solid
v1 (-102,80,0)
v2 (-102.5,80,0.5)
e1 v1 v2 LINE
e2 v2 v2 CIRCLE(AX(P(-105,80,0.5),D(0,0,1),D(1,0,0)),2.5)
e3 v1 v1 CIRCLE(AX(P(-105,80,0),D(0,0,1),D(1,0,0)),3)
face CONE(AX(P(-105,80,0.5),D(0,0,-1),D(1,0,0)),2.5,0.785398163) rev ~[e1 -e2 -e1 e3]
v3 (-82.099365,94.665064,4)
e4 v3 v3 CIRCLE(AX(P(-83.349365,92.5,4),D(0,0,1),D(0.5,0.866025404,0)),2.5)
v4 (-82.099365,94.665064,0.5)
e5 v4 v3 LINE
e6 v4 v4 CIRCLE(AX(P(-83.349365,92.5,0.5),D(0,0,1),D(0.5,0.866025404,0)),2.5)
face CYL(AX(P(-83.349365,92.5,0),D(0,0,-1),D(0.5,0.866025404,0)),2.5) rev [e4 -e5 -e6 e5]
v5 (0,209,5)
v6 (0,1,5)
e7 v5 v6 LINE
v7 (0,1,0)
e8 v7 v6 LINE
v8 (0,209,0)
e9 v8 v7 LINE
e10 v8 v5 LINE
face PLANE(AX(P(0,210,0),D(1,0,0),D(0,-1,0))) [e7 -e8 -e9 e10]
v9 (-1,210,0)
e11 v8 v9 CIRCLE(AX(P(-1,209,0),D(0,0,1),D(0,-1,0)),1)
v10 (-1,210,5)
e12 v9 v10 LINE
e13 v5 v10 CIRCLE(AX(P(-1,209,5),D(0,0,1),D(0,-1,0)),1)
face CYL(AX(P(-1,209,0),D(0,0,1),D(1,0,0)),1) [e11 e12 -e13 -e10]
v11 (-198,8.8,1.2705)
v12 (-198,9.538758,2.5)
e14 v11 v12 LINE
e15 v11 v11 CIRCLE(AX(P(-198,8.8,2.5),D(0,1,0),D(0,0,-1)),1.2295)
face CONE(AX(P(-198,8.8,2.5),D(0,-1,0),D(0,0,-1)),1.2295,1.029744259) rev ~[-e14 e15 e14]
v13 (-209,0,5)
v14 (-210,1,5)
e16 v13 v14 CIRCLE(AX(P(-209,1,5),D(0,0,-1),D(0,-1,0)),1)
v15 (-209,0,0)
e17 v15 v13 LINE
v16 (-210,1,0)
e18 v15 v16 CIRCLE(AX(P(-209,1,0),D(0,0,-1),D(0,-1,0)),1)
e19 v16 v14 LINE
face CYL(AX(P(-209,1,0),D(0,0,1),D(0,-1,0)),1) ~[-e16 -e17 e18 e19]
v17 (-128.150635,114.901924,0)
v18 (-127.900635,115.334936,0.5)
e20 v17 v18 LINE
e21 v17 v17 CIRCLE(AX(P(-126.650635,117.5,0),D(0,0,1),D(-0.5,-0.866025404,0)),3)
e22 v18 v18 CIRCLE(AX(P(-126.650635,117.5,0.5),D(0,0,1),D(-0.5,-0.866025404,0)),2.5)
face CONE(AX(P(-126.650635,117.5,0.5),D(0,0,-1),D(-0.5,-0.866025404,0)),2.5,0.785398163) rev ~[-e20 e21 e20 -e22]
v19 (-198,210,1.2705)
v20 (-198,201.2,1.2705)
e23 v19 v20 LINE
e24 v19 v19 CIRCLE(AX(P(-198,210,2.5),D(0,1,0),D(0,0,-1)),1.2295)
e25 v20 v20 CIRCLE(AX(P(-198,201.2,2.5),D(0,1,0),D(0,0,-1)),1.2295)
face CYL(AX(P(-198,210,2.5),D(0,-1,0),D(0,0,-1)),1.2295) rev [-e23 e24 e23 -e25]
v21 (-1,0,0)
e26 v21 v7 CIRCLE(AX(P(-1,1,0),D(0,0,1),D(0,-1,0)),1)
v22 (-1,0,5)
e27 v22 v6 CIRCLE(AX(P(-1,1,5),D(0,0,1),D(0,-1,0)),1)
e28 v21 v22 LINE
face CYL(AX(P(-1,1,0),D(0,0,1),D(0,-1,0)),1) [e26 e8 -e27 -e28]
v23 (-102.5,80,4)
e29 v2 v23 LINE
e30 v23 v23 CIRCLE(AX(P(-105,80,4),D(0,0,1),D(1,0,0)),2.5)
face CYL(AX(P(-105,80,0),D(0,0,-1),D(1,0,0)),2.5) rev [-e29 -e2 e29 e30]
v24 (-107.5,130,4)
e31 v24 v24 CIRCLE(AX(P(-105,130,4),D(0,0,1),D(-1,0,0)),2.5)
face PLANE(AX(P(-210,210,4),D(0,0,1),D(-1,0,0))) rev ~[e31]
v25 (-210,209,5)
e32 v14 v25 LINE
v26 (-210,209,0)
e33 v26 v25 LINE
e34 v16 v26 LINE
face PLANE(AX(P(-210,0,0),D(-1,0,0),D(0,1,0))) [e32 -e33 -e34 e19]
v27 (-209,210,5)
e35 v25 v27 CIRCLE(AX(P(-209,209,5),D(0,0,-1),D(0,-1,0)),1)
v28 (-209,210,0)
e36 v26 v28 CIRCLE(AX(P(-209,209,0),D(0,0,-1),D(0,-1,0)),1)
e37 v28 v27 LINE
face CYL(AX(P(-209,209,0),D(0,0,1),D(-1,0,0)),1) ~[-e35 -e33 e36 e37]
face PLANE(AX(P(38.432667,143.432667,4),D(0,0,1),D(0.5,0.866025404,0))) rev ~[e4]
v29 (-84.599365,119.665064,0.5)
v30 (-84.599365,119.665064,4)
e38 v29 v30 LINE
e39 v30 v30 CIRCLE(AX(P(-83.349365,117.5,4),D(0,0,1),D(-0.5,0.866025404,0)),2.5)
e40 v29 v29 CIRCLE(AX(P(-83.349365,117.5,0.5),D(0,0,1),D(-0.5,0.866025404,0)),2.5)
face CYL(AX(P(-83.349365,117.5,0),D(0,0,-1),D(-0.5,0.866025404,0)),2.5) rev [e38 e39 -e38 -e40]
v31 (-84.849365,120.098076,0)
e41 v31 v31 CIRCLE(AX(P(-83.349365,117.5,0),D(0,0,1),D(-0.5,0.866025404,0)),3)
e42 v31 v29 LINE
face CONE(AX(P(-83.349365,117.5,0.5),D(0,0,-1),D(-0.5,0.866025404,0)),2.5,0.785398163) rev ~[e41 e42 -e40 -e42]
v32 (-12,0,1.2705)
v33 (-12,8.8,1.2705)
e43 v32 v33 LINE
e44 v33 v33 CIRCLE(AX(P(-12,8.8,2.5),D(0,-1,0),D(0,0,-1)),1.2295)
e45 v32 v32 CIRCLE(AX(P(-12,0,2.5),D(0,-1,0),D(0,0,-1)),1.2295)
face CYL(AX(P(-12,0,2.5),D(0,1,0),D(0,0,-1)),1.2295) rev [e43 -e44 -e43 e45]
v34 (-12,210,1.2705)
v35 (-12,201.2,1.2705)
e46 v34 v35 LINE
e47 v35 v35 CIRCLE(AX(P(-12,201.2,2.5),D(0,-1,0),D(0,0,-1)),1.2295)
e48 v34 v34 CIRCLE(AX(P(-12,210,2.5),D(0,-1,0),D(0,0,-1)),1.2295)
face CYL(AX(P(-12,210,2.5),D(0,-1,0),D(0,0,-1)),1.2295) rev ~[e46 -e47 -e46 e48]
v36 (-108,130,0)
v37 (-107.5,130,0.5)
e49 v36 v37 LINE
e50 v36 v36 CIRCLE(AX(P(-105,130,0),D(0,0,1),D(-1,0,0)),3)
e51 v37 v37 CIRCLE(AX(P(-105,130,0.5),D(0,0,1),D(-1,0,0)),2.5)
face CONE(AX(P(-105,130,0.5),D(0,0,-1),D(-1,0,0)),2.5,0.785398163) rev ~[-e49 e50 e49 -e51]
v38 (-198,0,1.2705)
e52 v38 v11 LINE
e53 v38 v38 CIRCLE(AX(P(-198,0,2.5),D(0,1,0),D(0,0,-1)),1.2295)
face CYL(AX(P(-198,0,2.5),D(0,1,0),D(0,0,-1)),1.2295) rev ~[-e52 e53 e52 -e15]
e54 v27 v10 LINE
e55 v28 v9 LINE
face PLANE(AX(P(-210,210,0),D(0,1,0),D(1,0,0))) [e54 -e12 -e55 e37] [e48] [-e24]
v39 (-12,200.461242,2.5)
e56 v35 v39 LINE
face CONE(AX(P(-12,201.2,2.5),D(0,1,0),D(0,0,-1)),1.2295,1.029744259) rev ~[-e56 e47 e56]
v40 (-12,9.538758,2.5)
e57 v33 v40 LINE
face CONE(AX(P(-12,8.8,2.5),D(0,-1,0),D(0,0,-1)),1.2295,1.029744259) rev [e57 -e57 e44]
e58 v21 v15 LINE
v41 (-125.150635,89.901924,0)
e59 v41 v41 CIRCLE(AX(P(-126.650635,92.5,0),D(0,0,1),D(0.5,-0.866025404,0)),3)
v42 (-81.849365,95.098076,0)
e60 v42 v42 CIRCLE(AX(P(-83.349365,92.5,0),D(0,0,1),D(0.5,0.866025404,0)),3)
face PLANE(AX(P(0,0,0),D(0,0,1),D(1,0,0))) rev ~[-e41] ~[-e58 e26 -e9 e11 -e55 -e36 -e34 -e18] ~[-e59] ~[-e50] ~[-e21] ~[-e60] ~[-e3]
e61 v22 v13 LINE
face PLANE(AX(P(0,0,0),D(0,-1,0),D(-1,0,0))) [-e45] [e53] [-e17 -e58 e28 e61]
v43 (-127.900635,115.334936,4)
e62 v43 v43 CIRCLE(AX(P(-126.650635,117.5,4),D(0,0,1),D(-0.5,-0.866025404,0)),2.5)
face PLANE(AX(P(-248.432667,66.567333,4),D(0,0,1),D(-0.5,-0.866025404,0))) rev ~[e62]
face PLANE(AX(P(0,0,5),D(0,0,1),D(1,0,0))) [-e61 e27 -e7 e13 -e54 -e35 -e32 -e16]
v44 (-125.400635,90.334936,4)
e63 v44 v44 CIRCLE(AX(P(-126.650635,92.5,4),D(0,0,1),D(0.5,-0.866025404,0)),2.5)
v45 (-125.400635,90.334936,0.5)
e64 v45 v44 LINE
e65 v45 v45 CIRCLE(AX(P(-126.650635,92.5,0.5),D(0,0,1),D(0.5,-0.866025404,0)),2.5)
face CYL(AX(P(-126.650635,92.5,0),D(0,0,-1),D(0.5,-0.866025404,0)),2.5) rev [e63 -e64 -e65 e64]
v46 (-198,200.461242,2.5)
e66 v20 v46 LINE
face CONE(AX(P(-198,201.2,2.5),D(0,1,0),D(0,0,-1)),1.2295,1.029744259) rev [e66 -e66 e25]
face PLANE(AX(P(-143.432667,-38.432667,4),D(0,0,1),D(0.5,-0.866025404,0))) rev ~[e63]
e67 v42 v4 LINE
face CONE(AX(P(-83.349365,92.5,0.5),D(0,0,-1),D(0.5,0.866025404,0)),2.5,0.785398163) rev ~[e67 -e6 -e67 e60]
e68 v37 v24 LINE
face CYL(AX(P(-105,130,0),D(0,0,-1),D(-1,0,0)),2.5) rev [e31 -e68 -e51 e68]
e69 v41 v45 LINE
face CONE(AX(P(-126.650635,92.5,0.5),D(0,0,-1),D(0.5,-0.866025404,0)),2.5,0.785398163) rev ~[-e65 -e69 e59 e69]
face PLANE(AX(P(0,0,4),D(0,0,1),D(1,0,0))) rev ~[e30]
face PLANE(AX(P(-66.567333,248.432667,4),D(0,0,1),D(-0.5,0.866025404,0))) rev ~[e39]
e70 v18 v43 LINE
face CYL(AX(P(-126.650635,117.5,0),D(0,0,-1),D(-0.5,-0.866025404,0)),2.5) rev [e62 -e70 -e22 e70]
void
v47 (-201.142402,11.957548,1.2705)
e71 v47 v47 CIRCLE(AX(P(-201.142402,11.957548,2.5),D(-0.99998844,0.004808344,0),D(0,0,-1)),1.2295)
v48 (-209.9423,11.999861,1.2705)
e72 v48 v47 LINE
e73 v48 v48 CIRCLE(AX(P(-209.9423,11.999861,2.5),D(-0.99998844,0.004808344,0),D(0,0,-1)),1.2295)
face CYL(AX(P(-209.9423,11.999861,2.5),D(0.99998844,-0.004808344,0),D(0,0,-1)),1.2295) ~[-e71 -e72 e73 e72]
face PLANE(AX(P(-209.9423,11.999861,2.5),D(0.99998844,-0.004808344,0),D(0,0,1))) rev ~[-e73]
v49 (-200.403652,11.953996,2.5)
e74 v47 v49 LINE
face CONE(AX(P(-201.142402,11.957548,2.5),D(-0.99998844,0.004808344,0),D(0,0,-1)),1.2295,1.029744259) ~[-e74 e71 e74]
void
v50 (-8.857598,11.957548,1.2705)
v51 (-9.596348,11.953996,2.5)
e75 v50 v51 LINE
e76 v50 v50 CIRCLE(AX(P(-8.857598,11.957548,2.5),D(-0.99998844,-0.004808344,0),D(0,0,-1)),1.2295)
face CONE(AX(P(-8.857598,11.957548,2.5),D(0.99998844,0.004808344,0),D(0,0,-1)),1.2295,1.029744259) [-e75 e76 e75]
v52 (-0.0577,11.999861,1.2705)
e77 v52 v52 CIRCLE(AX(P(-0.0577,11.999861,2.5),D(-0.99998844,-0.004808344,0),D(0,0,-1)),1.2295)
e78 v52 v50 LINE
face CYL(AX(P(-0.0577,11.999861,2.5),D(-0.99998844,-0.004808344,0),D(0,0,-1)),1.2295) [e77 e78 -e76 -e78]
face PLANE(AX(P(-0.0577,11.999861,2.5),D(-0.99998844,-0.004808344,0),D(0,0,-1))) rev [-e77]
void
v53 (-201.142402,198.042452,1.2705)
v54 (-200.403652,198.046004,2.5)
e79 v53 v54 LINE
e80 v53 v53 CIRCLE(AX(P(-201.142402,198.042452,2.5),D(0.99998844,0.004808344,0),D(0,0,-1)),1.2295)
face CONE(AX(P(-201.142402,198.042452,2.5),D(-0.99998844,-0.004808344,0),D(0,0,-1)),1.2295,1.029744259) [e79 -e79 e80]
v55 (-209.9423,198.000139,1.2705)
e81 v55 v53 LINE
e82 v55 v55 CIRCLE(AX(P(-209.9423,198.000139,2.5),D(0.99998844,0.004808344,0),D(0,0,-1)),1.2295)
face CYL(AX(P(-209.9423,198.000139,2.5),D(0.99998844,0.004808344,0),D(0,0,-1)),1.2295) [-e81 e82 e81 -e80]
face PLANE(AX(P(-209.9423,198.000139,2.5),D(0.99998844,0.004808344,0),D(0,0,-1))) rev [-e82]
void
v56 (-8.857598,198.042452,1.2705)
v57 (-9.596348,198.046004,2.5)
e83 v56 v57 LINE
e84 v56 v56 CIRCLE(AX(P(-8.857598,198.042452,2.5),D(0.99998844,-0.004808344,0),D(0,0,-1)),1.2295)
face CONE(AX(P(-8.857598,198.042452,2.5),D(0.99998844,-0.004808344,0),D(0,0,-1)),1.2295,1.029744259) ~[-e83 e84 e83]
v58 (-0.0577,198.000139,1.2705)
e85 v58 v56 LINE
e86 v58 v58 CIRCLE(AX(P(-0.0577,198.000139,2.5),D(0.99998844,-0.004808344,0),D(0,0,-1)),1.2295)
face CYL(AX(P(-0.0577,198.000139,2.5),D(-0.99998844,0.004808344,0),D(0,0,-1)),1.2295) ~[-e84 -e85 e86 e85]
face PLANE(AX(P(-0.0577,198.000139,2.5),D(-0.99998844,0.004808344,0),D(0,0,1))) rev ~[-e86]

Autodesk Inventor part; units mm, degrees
sketch "Skizze3" plane through (0, 0, 0) normal (0, 0, 1) x (1, 0, 0)
  line L0 (0, 0) -> (-210, 0)
  line L1 (-210, 0) -> (-210, 210)
  line L2 (-210, 210) -> (0, 210)
  line L3 (0, 210) -> (0, 0)
  line L4 (0, 0) -> (-210, 210) construction
  line L5 (-210, 0) -> (0, 210) construction
  circle A0 centre (-105, 80) radius 2.5
  line L6 (-105, 58.1482) -> (-105, 151.8518) construction
  point P0 (-105, 105)
  point P1 (-105, 105)
  dimension "d4" = 210
  dimension "d5" = 210
  dimension "d10" = 5
  dimension "d11" = 25
extrude "Extrusion3" add sketch "Skizze3" along normal blind 5 contours L0 L1 L2 L3 | A0
fillet "Rundung1" radius 1 4 edges at (-210, 210, 2.5) (-210, 0, 2.5) (0, 0, 2.5) (0, 210, 2.5)
extrude "Extrusion4" cut sketch "Skizze3" along normal blind 4 contours A0
chamfer "Fase1" distance 0.5 angle 45 1 edges at (-107.5, 80, 0)
pattern_circular "Runde Anordnung1" count 6 over 360 about axis through (-105, 105, 0) along (0, 0, 1) of "Extrusion4", "Fase1"
sketch "Skizze5" plane through (-209, 0, 0) normal (0, -1, 0) x (1, 0, 0)
  line L0 (-1, 5) -> (-1, 0) projected
  line L1 (0, 0) -> (208, 0) projected
  line L2 (-2.4185, 2.5) -> (7.6142, 2.5) construction
  point P0 (209, 0)
  point P1 (11, 2.5)
  point P2 (-1, 2.5)
  dimension "d21" = 12
ref_plane "Arbeitsebene2" through (-210, 0, 2.5) normal (-0.7054, 0.7088, 0) x (0.7088, 0.7054, 0)
hole "Bohrung1" at (-198, 0, 2.5) direction (0, 1, 0) diameter 2.459 depth 8.8 tip angle 118 thread size "M3x0.5" class "6H" standard "ISO Metric profile"
mirror "Spiegeln2" about plane through (-210, 0, 2.5) normal (-0.7054, 0.7088, 0) of "Bohrung1"
ref_plane "Arbeitsebene3" through (-105, 0, 5) normal (1, 0, 0) x (0, 1, 0)
ref_plane "Arbeitsebene4" through (-210, 105, 5) normal (0, -1, 0) x (1, 0, 0)
mirror "Spiegeln3" about plane through (-105, 0, 5) normal (1, 0, 0) of "Bohrung1", "Spiegeln2"
mirror "Spiegeln4" about plane through (-210, 105, 5) normal (0, -1, 0) of "Bohrung1", "Spiegeln2", "Spiegeln3"
equation "\"d5\" = d4"
properties part number "BT403_trajan20_21" material "Acryl"
